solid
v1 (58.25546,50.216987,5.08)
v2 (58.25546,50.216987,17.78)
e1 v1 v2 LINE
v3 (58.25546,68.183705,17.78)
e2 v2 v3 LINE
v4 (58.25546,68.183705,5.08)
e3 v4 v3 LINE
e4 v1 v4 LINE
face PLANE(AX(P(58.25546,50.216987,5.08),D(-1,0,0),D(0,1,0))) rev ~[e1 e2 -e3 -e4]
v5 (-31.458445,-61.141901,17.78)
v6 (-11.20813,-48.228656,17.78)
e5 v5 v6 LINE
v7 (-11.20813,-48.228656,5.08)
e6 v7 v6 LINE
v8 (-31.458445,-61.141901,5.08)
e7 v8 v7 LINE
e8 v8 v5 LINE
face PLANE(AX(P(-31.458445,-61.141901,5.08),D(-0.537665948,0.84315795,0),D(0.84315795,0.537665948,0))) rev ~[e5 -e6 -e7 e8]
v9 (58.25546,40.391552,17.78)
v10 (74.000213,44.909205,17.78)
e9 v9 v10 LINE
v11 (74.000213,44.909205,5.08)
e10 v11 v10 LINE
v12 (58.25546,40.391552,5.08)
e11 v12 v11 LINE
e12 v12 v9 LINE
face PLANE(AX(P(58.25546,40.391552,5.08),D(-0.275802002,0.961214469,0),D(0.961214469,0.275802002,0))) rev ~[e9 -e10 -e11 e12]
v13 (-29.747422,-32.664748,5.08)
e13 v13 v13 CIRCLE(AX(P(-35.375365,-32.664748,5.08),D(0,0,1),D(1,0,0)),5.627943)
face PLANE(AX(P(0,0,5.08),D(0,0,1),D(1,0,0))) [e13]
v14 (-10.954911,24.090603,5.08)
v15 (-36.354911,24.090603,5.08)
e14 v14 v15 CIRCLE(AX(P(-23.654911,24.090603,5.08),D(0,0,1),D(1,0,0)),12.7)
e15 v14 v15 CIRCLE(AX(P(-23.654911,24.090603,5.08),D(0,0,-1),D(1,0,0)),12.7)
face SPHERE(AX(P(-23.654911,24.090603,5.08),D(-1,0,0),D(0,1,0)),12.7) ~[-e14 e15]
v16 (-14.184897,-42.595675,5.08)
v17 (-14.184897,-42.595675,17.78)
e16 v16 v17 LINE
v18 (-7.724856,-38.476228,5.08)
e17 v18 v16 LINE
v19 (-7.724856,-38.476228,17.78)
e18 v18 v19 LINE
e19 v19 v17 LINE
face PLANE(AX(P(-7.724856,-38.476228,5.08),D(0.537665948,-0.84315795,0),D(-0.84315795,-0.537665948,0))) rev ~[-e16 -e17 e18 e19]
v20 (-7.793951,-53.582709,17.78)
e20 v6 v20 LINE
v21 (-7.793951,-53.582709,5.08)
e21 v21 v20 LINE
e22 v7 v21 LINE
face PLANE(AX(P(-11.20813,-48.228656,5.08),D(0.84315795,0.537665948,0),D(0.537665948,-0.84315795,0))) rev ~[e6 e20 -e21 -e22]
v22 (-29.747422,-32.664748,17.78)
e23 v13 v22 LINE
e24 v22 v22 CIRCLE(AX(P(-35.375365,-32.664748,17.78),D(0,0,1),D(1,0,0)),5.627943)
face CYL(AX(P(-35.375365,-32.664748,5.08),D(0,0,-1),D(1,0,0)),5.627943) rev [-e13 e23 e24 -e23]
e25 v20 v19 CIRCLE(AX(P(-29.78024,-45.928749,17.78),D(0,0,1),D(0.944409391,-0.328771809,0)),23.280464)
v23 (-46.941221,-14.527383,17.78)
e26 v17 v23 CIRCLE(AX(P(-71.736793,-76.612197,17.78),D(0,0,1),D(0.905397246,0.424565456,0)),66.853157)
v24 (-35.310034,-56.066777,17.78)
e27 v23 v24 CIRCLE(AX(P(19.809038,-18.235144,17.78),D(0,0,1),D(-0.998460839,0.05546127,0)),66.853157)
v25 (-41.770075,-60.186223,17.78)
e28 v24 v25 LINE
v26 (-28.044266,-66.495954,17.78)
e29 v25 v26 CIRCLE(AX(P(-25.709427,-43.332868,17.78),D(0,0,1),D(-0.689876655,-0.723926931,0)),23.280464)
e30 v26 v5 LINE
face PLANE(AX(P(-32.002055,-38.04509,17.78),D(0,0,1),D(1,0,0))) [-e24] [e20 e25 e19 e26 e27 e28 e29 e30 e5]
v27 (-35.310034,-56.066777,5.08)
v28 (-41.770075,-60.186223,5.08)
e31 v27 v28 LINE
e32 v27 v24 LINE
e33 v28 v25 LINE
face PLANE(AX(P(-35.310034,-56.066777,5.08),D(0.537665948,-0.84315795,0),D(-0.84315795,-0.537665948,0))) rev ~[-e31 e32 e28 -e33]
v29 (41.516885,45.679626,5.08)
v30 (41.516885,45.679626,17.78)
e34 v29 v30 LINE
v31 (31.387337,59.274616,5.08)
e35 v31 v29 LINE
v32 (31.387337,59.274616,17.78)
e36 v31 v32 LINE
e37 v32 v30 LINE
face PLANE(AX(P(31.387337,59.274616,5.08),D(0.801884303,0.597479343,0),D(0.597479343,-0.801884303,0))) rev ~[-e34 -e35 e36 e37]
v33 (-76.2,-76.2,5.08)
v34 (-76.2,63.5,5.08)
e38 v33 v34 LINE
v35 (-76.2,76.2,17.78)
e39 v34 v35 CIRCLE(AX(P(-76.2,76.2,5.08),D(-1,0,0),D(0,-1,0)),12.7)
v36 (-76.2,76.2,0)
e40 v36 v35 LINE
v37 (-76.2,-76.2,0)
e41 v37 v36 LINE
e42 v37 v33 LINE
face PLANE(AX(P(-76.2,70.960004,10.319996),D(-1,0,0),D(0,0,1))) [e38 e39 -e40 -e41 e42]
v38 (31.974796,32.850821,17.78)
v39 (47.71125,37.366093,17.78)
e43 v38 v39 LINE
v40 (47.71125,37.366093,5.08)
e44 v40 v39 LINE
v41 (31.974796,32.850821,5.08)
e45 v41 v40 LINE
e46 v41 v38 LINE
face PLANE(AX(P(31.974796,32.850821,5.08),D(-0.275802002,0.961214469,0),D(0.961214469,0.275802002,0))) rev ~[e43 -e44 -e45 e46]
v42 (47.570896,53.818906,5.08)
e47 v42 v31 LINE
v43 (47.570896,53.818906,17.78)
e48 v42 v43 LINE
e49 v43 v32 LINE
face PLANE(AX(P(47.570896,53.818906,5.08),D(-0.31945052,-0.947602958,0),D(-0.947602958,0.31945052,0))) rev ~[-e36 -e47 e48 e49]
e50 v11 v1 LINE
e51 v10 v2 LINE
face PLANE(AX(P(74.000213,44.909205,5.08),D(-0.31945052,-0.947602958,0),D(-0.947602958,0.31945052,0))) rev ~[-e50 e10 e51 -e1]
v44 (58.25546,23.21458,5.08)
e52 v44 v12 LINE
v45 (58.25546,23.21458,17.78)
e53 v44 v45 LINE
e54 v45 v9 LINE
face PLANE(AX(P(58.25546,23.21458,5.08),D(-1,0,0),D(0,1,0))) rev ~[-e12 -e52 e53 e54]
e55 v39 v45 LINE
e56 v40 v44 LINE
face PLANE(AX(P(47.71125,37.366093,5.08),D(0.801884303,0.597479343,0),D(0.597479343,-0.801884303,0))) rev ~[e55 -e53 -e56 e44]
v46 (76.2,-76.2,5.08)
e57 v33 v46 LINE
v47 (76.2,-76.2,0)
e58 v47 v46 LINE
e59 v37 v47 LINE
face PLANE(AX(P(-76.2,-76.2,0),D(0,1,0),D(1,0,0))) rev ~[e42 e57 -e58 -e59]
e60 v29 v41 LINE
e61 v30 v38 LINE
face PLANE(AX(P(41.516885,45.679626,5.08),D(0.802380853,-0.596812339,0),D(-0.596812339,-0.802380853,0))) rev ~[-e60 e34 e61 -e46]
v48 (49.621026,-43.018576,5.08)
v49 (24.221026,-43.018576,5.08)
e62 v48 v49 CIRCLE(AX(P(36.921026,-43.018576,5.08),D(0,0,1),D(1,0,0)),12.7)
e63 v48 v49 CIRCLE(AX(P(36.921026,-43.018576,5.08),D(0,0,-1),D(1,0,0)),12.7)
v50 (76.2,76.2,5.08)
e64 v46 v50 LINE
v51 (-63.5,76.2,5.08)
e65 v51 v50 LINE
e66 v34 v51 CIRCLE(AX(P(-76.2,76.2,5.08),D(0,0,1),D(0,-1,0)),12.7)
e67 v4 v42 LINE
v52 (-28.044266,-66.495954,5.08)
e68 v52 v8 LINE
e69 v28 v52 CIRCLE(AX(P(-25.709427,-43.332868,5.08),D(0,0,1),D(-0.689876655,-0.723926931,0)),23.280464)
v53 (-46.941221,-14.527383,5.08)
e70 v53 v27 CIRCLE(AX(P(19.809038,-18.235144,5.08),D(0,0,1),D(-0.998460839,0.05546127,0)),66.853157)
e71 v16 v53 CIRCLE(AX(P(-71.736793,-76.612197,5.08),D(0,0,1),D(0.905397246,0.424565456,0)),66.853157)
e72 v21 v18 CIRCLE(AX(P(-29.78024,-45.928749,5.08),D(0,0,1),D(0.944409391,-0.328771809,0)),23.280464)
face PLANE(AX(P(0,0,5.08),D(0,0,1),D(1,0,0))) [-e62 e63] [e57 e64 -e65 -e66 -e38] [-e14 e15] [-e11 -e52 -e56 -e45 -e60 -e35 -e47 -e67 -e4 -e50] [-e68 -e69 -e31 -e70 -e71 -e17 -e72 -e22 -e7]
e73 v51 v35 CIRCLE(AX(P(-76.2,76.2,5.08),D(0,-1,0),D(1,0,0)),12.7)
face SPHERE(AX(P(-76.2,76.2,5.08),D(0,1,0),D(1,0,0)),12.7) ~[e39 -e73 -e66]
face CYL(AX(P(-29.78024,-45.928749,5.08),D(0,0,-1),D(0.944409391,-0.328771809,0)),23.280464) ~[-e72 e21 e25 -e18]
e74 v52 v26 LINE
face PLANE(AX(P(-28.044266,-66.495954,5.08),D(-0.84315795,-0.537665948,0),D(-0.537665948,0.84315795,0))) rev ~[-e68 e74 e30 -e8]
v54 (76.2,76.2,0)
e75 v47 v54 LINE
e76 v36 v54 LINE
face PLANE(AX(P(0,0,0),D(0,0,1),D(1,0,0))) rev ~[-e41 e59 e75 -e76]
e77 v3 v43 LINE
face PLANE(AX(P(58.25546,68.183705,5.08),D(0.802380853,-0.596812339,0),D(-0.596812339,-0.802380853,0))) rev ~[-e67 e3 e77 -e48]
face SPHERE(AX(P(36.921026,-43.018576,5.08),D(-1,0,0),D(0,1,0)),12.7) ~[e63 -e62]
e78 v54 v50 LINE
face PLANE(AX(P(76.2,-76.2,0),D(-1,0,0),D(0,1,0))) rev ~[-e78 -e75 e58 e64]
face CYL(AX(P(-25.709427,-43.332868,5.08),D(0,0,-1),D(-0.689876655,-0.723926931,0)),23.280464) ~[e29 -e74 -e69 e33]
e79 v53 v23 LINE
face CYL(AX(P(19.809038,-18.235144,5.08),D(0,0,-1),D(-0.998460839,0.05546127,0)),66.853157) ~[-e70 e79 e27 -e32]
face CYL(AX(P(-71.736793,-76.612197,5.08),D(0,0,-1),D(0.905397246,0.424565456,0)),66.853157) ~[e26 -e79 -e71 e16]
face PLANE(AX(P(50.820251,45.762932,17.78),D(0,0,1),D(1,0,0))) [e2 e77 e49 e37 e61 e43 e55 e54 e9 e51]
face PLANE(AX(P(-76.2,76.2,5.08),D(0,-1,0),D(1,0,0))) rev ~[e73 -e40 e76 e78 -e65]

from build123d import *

# Parameters (mm, degrees)
F0_W     = 152.4
F0_H     = 152.4
F2_DEPTH = 5.08
F5_ANGLE = 90
F6_ANGLE = 180
F7_ANGLE = 180
F4_R     = 5.6279425354
F8_DEPTH = 12.7


with BuildPart() as f2:
    # F0 (on Top) → F2 (new body)
    with BuildSketch(Plane.XY):
        Rectangle(F0_W, F0_H)
    extrude(amount=F2_DEPTH)

    # F4 (on face) → F5 (revolve)
    with BuildSketch(Plane.XY.offset(5.08)):
        with BuildLine():
            Line((-76.2, 76.2), (-76.2, 63.5))
            ThreePointArc((-76.2, 63.5), (-67.2197438789, 67.2197438789), (-63.5, 76.2))
            Line((-63.5, 76.2), (-76.2, 76.2))
        make_face()
    revolve(axis=Axis((-76.2, 0, 5.08), (0, -1, 0)), revolution_arc=F5_ANGLE)

    # F4 (on face) → F6 (revolve)
    with BuildSketch(Plane.XY.offset(5.08)):
        with BuildLine():
            Line((24.2210256122, -43.0185761551), (49.6210256122, -43.0185761551))
            ThreePointArc((49.6210256122, -43.0185761551), (36.9210256122, -30.3185761551), (24.2210256122, -43.0185761551))
        make_face()
    revolve(axis=Axis((36.9210256122, -43.0185761551, 5.08), (1, 0, 0)), revolution_arc=F6_ANGLE)

    # F4 (on face) → F7 (revolve)
    with BuildSketch(Plane.XY.offset(5.08)):
        with BuildLine():
            ThreePointArc((-10.9549105823, 24.090602994), (-23.6549105823, 36.790602994), (-36.3549105823, 24.090602994))
            Line((-36.3549105823, 24.090602994), (-10.9549105823, 24.090602994))
        make_face()
    revolve(axis=Axis((-23.6549105823, 24.090602994, 5.08), (1, 0, 0)), revolution_arc=F7_ANGLE)

    # F4 (on face) → F8 (join)
    with BuildSketch(Plane.XY.offset(5.08)):
        Polygon((47.570896451, 53.8189061847), (31.3873370203, 59.2746157033), (41.5168850169, 45.6796259761), (31.9747962058, 32.8508205712), (47.7112500038, 37.36609329), (58.2554601133, 23.2145804912), (58.2554601133, 40.3915515578), (74.0002126055, 44.9092054273), (58.2554601133, 50.2169868464), (58.2554601133, 68.1837052107), align=None)
        with BuildLine():
            ThreePointArc((-35.3100343123, -56.0667765948), (-33.4447317203, -58.6502472307), (-31.4584446243, -61.1419008701))
            Line((-31.4584446243, -61.1419008701), (-11.2081296183, -48.2286563014))
            ThreePointArc((-11.2081296183, -48.2286563014), (-12.6293719871, -45.3766842792), (-14.1848974706, -42.5956746142))
            ThreePointArc((-14.1848974706, -42.5956746142), (-28.2369814707, -25.8469443278), (-46.9412207919, -14.5273832774))
            ThreePointArc((-46.9412207919, -14.5273832774), (-44.5680834417, -36.2609805423), (-35.3100343123, -56.0667765948))
        make_face()
        with Locations((-35.3753649504, -32.6647478149)):
            Circle(F4_R, mode=Mode.SUBTRACT)
        with BuildLine():
            ThreePointArc((-14.1848974706, -42.5956746142), (-12.6293719871, -45.3766842792), (-11.2081296183, -48.2286563014))
            Line((-11.2081296183, -48.2286563014), (-7.7939508483, -53.5827092826))
            ThreePointArc((-7.7939508483, -53.5827092826), (-6.5000191862, -46.0352288655), (-7.7248563313, -38.4762280214))
            Line((-7.7248563313, -38.4762280214), (-14.1848974706, -42.5956746142))
        make_face()
        with BuildLine():
            Line((-28.0442658543, -66.4959538513), (-31.4584446243, -61.1419008701))
            ThreePointArc((-31.4584446243, -61.1419008701), (-33.4447317203, -58.6502472307), (-35.3100343123, -56.0667765948))
            Line((-35.3100343123, -56.0667765948), (-41.7700754515, -60.1862231876))
            ThreePointArc((-41.7700754515, -60.1862231876), (-35.4331949634, -64.4853702509), (-28.0442658543, -66.4959538513))
        make_face()
    extrude(amount=F8_DEPTH)


solid = f2.part
